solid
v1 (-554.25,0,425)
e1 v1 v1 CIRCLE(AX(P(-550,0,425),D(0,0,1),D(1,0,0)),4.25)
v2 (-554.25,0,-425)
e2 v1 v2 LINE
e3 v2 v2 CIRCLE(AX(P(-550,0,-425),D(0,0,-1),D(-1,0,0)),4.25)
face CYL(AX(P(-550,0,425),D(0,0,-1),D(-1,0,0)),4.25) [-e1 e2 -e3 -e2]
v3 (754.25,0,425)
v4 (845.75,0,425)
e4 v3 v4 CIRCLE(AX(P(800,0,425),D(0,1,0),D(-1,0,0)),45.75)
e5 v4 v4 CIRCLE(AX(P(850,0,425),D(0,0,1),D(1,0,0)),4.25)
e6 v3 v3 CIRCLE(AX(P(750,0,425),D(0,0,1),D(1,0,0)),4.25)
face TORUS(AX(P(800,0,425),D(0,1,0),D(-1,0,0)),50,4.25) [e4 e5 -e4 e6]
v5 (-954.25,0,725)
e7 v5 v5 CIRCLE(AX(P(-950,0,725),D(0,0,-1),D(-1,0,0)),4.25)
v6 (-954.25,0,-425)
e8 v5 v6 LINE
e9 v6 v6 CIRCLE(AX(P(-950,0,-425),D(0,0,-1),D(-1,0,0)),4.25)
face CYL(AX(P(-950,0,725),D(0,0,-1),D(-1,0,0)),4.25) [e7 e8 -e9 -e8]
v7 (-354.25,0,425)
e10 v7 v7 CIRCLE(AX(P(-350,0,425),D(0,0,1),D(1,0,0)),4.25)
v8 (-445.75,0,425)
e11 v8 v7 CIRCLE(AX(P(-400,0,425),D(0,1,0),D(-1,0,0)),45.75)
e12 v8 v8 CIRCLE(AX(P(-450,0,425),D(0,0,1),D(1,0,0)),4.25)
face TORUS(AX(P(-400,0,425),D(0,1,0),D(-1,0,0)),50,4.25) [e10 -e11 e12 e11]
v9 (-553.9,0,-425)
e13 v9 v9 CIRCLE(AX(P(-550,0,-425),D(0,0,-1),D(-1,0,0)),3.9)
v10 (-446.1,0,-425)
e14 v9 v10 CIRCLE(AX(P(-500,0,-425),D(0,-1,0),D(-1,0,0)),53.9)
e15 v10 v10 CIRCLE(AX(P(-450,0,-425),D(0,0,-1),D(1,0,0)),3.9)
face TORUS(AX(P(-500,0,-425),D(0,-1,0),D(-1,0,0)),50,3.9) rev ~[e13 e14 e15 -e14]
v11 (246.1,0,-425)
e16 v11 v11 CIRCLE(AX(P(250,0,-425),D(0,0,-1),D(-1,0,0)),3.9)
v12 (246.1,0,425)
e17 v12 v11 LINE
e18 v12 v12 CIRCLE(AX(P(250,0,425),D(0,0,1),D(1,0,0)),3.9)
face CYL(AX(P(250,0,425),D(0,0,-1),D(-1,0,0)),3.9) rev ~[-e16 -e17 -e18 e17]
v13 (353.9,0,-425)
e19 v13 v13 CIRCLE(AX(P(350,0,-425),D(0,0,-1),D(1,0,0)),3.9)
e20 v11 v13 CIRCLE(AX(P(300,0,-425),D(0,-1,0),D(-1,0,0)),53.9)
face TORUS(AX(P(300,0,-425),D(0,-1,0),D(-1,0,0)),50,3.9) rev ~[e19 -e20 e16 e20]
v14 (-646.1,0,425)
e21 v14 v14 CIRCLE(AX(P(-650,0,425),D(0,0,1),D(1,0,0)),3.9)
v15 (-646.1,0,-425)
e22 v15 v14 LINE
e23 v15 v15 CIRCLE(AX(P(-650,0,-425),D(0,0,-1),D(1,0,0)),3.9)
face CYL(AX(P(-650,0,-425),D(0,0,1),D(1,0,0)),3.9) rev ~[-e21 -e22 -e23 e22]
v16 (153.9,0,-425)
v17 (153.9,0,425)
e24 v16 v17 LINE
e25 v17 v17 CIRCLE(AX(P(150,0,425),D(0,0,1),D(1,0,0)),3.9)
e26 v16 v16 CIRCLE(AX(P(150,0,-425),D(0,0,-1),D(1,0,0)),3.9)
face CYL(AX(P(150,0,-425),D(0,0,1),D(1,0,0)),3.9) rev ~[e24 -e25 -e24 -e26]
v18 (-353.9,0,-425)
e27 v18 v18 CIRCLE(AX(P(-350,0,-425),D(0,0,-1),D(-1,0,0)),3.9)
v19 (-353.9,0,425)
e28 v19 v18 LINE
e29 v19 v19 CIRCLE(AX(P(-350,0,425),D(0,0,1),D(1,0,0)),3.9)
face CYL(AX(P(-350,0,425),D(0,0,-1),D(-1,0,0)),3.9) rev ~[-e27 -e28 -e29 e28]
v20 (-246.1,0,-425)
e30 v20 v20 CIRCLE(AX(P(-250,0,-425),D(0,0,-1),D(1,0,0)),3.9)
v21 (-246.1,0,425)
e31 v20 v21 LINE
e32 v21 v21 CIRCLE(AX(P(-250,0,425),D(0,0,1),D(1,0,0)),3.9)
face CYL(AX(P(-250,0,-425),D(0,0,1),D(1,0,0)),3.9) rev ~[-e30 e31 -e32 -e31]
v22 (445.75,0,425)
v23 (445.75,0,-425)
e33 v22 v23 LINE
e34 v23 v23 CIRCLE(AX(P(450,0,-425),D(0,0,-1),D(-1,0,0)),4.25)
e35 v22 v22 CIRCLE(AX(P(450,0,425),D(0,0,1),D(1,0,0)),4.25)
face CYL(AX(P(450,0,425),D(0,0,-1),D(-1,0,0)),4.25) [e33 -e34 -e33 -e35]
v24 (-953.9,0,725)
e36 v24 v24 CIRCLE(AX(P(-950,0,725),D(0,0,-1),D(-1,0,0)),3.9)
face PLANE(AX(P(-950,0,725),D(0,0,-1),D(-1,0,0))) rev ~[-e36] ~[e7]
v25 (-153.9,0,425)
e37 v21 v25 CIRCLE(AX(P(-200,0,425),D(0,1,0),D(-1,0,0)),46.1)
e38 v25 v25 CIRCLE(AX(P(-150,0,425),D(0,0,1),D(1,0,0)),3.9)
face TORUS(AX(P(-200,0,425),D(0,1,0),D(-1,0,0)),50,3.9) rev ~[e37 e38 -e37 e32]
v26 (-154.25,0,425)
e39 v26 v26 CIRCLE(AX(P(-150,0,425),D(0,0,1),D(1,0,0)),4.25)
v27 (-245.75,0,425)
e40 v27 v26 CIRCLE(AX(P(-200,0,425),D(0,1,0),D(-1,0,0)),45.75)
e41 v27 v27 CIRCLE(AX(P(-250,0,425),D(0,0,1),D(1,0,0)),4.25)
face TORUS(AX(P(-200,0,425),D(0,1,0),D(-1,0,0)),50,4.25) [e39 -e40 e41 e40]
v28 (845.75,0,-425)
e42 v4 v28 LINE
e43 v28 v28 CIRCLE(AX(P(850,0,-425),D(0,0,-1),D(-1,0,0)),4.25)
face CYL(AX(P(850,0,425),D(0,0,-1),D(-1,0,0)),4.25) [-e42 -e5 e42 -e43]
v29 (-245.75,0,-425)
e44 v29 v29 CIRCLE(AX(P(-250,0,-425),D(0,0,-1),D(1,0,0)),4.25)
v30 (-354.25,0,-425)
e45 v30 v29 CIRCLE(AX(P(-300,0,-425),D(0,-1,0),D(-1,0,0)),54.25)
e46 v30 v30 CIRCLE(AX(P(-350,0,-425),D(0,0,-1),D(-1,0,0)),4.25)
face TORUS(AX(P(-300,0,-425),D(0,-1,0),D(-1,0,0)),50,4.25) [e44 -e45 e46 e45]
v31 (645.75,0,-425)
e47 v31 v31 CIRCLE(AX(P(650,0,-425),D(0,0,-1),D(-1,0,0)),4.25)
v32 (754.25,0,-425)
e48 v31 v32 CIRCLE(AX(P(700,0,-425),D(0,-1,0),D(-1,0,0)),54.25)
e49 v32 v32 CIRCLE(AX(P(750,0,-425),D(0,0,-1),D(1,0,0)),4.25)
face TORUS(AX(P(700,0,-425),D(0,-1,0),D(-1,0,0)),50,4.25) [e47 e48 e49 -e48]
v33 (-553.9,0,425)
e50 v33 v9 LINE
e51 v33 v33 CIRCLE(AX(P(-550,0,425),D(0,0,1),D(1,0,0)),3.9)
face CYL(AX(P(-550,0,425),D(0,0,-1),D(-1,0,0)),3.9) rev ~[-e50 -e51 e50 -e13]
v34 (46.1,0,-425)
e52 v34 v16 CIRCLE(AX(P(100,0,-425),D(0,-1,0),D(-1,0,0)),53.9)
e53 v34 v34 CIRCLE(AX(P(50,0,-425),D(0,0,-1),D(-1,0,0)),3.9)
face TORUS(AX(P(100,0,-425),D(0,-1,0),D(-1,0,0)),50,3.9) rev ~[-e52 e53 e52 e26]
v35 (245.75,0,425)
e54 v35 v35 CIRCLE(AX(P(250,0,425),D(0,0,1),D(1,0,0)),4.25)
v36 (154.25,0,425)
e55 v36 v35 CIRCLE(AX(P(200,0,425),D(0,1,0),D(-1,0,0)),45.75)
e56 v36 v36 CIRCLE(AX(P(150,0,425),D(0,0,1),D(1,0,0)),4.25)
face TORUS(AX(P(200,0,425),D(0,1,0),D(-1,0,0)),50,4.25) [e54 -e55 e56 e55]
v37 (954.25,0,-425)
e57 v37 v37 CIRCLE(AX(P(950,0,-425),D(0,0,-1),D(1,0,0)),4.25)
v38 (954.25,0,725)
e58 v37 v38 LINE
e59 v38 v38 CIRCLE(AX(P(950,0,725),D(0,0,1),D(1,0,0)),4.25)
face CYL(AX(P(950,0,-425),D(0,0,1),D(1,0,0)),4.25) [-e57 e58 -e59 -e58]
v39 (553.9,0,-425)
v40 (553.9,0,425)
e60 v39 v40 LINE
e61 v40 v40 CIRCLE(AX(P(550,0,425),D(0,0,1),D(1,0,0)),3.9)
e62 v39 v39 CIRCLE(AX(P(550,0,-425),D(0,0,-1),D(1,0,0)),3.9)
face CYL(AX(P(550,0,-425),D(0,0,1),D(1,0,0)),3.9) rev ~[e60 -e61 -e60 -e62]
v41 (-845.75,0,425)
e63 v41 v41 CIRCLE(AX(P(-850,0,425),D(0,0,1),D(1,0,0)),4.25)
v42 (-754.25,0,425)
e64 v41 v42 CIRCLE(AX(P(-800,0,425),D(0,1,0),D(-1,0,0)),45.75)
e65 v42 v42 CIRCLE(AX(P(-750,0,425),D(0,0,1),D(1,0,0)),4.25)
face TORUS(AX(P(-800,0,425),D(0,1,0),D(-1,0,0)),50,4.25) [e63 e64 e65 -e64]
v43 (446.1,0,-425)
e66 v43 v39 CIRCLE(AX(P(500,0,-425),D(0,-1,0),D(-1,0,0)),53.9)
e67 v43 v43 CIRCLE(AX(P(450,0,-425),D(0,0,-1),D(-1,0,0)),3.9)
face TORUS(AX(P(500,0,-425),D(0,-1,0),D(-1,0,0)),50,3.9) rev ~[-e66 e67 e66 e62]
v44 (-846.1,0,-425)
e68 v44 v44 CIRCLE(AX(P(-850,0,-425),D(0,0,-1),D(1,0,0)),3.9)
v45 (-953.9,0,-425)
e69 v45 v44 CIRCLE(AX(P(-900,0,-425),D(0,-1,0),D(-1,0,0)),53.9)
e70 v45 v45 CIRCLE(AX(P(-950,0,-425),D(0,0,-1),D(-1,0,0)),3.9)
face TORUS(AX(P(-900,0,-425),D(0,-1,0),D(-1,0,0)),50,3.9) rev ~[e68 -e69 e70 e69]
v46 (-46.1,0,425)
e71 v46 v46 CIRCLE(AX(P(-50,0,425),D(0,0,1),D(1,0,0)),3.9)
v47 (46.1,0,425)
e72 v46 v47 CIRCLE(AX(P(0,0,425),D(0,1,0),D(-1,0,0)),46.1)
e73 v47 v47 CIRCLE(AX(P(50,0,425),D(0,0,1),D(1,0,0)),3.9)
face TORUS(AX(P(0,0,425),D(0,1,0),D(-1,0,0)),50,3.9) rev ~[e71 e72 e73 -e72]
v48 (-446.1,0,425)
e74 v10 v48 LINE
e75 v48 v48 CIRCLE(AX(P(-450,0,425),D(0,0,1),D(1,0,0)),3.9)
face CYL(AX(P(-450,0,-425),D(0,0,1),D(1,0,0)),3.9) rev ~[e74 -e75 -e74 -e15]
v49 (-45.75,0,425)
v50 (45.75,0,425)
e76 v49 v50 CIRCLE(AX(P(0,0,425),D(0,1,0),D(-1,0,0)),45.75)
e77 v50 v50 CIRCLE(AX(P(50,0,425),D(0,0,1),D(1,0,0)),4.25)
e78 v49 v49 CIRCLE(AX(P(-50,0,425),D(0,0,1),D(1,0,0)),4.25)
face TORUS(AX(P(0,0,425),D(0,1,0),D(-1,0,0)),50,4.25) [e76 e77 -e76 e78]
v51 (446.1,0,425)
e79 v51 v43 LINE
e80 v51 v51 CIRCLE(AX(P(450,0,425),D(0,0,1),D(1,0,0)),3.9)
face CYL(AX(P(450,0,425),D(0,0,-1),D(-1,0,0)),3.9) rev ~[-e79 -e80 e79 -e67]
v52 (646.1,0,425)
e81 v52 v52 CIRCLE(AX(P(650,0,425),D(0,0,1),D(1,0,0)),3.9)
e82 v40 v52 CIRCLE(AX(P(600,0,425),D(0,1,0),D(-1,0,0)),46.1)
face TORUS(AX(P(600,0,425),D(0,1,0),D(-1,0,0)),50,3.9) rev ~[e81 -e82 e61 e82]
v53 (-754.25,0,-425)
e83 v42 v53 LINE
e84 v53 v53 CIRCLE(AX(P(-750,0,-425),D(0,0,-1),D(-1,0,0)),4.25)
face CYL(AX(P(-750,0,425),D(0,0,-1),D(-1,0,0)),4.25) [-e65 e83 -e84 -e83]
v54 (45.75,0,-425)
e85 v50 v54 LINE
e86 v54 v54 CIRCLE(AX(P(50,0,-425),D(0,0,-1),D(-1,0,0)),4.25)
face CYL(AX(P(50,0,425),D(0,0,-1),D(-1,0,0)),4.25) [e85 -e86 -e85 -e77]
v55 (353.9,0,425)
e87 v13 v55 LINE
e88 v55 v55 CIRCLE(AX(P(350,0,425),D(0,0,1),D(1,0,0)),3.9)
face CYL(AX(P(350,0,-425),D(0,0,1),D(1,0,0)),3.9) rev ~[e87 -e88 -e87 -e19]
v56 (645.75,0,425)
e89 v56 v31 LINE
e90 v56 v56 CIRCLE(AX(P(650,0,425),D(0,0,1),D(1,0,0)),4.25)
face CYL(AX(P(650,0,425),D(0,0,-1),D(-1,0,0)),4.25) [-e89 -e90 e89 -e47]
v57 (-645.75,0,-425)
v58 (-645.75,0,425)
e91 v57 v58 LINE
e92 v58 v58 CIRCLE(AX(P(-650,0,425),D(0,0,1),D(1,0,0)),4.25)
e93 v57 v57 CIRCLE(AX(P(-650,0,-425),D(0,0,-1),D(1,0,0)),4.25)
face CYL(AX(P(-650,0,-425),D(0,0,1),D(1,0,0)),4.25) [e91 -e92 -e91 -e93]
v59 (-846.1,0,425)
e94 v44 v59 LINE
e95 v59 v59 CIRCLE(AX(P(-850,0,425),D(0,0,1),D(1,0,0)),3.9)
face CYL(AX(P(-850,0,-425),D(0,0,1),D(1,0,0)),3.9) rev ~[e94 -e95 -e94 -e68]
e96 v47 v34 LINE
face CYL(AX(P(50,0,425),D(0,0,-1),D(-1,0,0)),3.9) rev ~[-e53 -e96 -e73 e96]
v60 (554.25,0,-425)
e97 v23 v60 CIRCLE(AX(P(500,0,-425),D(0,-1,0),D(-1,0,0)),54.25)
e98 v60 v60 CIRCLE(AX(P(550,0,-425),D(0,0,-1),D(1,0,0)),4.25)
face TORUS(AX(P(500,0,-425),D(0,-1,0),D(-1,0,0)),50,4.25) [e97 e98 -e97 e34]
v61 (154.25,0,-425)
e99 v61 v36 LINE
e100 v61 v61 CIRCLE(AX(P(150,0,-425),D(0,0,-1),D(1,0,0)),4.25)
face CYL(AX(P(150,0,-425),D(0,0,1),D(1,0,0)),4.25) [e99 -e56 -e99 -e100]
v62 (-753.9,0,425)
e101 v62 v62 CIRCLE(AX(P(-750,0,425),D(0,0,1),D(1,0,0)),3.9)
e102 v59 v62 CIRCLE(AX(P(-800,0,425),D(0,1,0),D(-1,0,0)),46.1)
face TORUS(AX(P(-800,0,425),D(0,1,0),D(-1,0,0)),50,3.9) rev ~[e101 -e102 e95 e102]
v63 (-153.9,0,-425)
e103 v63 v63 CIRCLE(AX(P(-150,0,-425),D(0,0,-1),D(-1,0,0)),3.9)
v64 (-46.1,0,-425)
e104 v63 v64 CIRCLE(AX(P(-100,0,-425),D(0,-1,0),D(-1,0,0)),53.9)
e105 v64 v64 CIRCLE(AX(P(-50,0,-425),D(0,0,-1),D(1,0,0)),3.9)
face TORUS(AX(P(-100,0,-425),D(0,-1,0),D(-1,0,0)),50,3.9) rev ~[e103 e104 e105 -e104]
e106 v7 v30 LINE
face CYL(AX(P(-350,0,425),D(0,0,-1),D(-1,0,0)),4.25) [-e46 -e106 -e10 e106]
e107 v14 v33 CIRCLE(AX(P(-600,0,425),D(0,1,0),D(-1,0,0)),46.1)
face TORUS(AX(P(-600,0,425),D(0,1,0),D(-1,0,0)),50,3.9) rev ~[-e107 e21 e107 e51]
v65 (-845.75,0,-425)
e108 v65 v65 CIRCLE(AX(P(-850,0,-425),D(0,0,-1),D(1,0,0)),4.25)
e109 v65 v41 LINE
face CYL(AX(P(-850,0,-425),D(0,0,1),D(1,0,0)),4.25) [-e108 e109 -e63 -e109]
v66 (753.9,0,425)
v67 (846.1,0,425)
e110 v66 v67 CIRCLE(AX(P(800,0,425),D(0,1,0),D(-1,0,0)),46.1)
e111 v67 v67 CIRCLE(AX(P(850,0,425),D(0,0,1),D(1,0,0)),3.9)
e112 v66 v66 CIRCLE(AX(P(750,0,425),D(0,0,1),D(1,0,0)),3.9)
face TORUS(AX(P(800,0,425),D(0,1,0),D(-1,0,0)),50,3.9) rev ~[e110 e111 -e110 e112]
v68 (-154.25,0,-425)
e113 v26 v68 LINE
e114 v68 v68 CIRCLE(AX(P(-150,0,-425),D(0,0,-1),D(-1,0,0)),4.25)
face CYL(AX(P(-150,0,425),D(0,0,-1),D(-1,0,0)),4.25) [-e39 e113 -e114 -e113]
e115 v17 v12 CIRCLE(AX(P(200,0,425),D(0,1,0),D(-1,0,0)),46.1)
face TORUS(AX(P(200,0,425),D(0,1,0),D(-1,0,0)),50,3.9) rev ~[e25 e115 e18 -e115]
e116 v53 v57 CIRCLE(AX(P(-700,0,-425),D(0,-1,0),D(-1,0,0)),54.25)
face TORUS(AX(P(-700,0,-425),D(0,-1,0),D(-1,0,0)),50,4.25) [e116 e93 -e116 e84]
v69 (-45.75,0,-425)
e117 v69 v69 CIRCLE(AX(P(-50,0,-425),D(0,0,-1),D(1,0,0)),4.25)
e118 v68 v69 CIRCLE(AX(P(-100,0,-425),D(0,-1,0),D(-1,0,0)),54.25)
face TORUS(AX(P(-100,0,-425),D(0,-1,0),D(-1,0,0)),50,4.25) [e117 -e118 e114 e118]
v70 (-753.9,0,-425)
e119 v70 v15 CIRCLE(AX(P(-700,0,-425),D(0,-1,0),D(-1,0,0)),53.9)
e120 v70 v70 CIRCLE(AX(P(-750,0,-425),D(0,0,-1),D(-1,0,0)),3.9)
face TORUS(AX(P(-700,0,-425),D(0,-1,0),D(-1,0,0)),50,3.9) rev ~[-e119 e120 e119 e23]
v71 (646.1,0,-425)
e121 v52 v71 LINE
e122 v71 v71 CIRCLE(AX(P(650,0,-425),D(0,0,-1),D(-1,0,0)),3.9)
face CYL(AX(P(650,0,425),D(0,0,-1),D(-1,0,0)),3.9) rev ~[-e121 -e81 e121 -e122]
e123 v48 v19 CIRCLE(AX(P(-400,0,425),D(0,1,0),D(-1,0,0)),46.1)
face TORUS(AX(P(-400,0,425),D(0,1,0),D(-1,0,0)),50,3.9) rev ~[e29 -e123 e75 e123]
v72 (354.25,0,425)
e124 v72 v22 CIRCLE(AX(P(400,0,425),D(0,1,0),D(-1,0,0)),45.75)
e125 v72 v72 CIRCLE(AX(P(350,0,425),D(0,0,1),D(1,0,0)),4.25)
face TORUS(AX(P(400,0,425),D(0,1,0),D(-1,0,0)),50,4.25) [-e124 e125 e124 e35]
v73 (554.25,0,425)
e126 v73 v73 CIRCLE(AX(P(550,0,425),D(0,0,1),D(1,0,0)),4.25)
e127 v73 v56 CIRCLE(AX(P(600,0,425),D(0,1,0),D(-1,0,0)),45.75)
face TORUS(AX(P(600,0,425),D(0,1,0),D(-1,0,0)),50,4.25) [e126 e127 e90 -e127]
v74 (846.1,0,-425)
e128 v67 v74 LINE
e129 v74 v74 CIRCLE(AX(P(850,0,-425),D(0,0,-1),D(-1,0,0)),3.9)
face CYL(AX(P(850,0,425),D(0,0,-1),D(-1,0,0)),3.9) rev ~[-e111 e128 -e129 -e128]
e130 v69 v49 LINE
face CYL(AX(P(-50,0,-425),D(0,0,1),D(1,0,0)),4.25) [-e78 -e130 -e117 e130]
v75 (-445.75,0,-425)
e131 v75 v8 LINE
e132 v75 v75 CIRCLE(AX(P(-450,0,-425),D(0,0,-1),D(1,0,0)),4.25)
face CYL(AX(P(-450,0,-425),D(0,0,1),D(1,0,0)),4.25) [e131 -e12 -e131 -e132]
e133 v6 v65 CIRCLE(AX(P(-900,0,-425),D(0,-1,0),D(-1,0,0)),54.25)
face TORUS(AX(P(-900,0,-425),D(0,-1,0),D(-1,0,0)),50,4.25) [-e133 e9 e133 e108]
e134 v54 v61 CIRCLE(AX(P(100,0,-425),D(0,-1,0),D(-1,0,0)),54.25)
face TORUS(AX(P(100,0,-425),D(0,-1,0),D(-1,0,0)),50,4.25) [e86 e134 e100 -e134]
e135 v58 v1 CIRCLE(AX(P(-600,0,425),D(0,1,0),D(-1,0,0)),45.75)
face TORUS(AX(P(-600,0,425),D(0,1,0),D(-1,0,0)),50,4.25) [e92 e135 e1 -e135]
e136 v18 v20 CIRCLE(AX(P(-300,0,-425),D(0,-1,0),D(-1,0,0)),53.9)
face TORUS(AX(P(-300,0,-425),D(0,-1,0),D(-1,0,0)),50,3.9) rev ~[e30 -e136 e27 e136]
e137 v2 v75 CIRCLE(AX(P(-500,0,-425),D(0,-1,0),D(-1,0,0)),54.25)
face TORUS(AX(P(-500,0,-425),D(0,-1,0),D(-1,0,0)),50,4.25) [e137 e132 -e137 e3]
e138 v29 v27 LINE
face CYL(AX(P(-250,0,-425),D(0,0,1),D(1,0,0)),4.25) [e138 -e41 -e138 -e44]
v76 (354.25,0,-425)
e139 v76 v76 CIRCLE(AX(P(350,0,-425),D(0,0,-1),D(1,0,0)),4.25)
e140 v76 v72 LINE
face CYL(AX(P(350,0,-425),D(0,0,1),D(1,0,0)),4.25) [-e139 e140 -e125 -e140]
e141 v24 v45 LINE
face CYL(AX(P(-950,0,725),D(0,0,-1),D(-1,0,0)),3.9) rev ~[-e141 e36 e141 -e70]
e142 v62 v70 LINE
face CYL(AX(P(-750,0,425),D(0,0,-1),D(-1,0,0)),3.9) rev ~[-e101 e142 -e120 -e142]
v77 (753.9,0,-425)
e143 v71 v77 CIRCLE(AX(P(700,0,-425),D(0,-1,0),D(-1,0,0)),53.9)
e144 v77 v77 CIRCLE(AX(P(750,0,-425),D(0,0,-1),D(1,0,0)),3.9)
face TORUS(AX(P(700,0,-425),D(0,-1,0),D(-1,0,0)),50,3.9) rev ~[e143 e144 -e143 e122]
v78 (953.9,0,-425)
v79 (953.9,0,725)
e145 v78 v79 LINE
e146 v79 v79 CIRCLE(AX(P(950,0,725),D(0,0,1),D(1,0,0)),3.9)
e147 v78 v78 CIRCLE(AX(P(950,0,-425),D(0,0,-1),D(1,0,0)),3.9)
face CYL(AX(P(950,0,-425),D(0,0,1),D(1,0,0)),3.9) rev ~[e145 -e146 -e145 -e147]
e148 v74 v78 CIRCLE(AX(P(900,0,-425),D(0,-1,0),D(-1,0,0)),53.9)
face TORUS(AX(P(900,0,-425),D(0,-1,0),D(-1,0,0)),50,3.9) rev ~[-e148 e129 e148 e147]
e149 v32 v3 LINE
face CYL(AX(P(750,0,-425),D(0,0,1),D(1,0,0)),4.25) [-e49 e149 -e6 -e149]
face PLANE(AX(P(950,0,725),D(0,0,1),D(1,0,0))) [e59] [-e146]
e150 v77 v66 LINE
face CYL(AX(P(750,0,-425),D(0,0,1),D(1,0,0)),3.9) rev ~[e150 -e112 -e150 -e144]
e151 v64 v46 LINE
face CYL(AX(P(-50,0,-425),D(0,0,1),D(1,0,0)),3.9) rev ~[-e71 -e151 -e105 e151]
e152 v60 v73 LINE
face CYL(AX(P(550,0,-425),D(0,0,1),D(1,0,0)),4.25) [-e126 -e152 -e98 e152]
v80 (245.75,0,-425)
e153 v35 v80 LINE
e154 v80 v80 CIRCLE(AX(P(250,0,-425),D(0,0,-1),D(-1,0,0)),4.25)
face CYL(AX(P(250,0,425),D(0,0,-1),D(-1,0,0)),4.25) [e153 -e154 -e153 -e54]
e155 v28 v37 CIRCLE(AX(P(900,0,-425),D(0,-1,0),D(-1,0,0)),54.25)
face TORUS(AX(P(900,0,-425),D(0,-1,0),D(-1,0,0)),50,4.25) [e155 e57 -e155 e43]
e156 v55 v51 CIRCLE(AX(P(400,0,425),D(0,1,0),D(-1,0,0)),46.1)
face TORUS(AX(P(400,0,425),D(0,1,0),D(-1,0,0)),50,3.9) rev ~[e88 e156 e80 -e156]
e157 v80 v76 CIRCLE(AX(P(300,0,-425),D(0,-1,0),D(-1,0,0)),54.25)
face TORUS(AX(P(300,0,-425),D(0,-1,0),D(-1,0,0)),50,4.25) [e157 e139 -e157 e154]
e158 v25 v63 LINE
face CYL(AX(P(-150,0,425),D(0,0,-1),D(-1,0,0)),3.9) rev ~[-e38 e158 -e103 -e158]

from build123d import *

# Parameters (mm, degrees)
SWEEP_THIN1_PROFILE_R   = 4.25
SWEEP_THIN1_PROFILE_R_2 = 3.9


with BuildPart() as part:
    # Sweep-Thin1: sweep along a path in Sketch4
    with BuildLine(Plane(origin=(0, 0, 0), x_dir=(1, 0, 0), z_dir=(0, 1, 0))) as sweep_thin1_path:
        Line((-950, -725), (-950, -425))
        Line((-950, -425), (-950, 425))
        ThreePointArc((-950, 425), (-900, 475), (-850, 425))
        Line((-850, 425), (-850, -425))
        ThreePointArc((-850, -425), (-800, -475), (-750, -425))
        Line((-750, -425), (-750, 425))
        ThreePointArc((-750, 425), (-700, 475), (-650, 425))
        Line((-650, 425), (-650, -425))
        ThreePointArc((-650, -425), (-600, -475), (-550, -425))
        Line((-550, -425), (-550, 425))
        ThreePointArc((-550, 425), (-500, 475), (-450, 425))
        Line((-450, 425), (-450, -425))
        ThreePointArc((-450, -425), (-400, -475), (-350, -425))
        Line((-350, -425), (-350, 425))
        ThreePointArc((-350, 425), (-300, 475), (-250, 425))
        Line((-250, 425), (-250, -425))
        ThreePointArc((-250, -425), (-200, -475), (-150, -425))
        Line((-150, -425), (-150, 425))
        ThreePointArc((-150, 425), (-100, 475), (-50, 425))
        Line((-50, 425), (-50, -425))
        ThreePointArc((-50, -425), (0, -475), (50, -425))
        Line((50, -425), (50, 425))
        ThreePointArc((50, 425), (100, 475), (150, 425))
        Line((150, 425), (150, -425))
        ThreePointArc((150, -425), (200, -475), (250, -425))
        Line((250, -425), (250, 425))
        ThreePointArc((250, 425), (300, 475), (350, 425))
        Line((350, 425), (350, -425))
        ThreePointArc((350, -425), (400, -475), (450, -425))
        Line((450, -425), (450, 425))
        ThreePointArc((450, 425), (500, 475), (550, 425))
        Line((550, 425), (550, -425))
        ThreePointArc((550, -425), (600, -475), (650, -425))
        Line((650, -425), (650, 425))
        ThreePointArc((650, 425), (700, 475), (750, 425))
        Line((750, 425), (750, -425))
        ThreePointArc((750, -425), (800, -475), (850, -425))
        Line((850, -425), (850, 425))
        ThreePointArc((850, 425), (900, 475), (950, 425))
        Line((950, 425), (950, -425))
        Line((950, -425), (950, -725))
    # Sweep-Thin1 profile (on start of the path) → Sweep-Thin1 (sweep)
    with BuildSketch(Plane(origin=(-950, 0, 725), x_dir=(-1, 0, 0), z_dir=(0, 0, -1))):
        Circle(SWEEP_THIN1_PROFILE_R)
        Circle(SWEEP_THIN1_PROFILE_R_2, mode=Mode.SUBTRACT)
    sweep(path=sweep_thin1_path.line)


solid = part.part
